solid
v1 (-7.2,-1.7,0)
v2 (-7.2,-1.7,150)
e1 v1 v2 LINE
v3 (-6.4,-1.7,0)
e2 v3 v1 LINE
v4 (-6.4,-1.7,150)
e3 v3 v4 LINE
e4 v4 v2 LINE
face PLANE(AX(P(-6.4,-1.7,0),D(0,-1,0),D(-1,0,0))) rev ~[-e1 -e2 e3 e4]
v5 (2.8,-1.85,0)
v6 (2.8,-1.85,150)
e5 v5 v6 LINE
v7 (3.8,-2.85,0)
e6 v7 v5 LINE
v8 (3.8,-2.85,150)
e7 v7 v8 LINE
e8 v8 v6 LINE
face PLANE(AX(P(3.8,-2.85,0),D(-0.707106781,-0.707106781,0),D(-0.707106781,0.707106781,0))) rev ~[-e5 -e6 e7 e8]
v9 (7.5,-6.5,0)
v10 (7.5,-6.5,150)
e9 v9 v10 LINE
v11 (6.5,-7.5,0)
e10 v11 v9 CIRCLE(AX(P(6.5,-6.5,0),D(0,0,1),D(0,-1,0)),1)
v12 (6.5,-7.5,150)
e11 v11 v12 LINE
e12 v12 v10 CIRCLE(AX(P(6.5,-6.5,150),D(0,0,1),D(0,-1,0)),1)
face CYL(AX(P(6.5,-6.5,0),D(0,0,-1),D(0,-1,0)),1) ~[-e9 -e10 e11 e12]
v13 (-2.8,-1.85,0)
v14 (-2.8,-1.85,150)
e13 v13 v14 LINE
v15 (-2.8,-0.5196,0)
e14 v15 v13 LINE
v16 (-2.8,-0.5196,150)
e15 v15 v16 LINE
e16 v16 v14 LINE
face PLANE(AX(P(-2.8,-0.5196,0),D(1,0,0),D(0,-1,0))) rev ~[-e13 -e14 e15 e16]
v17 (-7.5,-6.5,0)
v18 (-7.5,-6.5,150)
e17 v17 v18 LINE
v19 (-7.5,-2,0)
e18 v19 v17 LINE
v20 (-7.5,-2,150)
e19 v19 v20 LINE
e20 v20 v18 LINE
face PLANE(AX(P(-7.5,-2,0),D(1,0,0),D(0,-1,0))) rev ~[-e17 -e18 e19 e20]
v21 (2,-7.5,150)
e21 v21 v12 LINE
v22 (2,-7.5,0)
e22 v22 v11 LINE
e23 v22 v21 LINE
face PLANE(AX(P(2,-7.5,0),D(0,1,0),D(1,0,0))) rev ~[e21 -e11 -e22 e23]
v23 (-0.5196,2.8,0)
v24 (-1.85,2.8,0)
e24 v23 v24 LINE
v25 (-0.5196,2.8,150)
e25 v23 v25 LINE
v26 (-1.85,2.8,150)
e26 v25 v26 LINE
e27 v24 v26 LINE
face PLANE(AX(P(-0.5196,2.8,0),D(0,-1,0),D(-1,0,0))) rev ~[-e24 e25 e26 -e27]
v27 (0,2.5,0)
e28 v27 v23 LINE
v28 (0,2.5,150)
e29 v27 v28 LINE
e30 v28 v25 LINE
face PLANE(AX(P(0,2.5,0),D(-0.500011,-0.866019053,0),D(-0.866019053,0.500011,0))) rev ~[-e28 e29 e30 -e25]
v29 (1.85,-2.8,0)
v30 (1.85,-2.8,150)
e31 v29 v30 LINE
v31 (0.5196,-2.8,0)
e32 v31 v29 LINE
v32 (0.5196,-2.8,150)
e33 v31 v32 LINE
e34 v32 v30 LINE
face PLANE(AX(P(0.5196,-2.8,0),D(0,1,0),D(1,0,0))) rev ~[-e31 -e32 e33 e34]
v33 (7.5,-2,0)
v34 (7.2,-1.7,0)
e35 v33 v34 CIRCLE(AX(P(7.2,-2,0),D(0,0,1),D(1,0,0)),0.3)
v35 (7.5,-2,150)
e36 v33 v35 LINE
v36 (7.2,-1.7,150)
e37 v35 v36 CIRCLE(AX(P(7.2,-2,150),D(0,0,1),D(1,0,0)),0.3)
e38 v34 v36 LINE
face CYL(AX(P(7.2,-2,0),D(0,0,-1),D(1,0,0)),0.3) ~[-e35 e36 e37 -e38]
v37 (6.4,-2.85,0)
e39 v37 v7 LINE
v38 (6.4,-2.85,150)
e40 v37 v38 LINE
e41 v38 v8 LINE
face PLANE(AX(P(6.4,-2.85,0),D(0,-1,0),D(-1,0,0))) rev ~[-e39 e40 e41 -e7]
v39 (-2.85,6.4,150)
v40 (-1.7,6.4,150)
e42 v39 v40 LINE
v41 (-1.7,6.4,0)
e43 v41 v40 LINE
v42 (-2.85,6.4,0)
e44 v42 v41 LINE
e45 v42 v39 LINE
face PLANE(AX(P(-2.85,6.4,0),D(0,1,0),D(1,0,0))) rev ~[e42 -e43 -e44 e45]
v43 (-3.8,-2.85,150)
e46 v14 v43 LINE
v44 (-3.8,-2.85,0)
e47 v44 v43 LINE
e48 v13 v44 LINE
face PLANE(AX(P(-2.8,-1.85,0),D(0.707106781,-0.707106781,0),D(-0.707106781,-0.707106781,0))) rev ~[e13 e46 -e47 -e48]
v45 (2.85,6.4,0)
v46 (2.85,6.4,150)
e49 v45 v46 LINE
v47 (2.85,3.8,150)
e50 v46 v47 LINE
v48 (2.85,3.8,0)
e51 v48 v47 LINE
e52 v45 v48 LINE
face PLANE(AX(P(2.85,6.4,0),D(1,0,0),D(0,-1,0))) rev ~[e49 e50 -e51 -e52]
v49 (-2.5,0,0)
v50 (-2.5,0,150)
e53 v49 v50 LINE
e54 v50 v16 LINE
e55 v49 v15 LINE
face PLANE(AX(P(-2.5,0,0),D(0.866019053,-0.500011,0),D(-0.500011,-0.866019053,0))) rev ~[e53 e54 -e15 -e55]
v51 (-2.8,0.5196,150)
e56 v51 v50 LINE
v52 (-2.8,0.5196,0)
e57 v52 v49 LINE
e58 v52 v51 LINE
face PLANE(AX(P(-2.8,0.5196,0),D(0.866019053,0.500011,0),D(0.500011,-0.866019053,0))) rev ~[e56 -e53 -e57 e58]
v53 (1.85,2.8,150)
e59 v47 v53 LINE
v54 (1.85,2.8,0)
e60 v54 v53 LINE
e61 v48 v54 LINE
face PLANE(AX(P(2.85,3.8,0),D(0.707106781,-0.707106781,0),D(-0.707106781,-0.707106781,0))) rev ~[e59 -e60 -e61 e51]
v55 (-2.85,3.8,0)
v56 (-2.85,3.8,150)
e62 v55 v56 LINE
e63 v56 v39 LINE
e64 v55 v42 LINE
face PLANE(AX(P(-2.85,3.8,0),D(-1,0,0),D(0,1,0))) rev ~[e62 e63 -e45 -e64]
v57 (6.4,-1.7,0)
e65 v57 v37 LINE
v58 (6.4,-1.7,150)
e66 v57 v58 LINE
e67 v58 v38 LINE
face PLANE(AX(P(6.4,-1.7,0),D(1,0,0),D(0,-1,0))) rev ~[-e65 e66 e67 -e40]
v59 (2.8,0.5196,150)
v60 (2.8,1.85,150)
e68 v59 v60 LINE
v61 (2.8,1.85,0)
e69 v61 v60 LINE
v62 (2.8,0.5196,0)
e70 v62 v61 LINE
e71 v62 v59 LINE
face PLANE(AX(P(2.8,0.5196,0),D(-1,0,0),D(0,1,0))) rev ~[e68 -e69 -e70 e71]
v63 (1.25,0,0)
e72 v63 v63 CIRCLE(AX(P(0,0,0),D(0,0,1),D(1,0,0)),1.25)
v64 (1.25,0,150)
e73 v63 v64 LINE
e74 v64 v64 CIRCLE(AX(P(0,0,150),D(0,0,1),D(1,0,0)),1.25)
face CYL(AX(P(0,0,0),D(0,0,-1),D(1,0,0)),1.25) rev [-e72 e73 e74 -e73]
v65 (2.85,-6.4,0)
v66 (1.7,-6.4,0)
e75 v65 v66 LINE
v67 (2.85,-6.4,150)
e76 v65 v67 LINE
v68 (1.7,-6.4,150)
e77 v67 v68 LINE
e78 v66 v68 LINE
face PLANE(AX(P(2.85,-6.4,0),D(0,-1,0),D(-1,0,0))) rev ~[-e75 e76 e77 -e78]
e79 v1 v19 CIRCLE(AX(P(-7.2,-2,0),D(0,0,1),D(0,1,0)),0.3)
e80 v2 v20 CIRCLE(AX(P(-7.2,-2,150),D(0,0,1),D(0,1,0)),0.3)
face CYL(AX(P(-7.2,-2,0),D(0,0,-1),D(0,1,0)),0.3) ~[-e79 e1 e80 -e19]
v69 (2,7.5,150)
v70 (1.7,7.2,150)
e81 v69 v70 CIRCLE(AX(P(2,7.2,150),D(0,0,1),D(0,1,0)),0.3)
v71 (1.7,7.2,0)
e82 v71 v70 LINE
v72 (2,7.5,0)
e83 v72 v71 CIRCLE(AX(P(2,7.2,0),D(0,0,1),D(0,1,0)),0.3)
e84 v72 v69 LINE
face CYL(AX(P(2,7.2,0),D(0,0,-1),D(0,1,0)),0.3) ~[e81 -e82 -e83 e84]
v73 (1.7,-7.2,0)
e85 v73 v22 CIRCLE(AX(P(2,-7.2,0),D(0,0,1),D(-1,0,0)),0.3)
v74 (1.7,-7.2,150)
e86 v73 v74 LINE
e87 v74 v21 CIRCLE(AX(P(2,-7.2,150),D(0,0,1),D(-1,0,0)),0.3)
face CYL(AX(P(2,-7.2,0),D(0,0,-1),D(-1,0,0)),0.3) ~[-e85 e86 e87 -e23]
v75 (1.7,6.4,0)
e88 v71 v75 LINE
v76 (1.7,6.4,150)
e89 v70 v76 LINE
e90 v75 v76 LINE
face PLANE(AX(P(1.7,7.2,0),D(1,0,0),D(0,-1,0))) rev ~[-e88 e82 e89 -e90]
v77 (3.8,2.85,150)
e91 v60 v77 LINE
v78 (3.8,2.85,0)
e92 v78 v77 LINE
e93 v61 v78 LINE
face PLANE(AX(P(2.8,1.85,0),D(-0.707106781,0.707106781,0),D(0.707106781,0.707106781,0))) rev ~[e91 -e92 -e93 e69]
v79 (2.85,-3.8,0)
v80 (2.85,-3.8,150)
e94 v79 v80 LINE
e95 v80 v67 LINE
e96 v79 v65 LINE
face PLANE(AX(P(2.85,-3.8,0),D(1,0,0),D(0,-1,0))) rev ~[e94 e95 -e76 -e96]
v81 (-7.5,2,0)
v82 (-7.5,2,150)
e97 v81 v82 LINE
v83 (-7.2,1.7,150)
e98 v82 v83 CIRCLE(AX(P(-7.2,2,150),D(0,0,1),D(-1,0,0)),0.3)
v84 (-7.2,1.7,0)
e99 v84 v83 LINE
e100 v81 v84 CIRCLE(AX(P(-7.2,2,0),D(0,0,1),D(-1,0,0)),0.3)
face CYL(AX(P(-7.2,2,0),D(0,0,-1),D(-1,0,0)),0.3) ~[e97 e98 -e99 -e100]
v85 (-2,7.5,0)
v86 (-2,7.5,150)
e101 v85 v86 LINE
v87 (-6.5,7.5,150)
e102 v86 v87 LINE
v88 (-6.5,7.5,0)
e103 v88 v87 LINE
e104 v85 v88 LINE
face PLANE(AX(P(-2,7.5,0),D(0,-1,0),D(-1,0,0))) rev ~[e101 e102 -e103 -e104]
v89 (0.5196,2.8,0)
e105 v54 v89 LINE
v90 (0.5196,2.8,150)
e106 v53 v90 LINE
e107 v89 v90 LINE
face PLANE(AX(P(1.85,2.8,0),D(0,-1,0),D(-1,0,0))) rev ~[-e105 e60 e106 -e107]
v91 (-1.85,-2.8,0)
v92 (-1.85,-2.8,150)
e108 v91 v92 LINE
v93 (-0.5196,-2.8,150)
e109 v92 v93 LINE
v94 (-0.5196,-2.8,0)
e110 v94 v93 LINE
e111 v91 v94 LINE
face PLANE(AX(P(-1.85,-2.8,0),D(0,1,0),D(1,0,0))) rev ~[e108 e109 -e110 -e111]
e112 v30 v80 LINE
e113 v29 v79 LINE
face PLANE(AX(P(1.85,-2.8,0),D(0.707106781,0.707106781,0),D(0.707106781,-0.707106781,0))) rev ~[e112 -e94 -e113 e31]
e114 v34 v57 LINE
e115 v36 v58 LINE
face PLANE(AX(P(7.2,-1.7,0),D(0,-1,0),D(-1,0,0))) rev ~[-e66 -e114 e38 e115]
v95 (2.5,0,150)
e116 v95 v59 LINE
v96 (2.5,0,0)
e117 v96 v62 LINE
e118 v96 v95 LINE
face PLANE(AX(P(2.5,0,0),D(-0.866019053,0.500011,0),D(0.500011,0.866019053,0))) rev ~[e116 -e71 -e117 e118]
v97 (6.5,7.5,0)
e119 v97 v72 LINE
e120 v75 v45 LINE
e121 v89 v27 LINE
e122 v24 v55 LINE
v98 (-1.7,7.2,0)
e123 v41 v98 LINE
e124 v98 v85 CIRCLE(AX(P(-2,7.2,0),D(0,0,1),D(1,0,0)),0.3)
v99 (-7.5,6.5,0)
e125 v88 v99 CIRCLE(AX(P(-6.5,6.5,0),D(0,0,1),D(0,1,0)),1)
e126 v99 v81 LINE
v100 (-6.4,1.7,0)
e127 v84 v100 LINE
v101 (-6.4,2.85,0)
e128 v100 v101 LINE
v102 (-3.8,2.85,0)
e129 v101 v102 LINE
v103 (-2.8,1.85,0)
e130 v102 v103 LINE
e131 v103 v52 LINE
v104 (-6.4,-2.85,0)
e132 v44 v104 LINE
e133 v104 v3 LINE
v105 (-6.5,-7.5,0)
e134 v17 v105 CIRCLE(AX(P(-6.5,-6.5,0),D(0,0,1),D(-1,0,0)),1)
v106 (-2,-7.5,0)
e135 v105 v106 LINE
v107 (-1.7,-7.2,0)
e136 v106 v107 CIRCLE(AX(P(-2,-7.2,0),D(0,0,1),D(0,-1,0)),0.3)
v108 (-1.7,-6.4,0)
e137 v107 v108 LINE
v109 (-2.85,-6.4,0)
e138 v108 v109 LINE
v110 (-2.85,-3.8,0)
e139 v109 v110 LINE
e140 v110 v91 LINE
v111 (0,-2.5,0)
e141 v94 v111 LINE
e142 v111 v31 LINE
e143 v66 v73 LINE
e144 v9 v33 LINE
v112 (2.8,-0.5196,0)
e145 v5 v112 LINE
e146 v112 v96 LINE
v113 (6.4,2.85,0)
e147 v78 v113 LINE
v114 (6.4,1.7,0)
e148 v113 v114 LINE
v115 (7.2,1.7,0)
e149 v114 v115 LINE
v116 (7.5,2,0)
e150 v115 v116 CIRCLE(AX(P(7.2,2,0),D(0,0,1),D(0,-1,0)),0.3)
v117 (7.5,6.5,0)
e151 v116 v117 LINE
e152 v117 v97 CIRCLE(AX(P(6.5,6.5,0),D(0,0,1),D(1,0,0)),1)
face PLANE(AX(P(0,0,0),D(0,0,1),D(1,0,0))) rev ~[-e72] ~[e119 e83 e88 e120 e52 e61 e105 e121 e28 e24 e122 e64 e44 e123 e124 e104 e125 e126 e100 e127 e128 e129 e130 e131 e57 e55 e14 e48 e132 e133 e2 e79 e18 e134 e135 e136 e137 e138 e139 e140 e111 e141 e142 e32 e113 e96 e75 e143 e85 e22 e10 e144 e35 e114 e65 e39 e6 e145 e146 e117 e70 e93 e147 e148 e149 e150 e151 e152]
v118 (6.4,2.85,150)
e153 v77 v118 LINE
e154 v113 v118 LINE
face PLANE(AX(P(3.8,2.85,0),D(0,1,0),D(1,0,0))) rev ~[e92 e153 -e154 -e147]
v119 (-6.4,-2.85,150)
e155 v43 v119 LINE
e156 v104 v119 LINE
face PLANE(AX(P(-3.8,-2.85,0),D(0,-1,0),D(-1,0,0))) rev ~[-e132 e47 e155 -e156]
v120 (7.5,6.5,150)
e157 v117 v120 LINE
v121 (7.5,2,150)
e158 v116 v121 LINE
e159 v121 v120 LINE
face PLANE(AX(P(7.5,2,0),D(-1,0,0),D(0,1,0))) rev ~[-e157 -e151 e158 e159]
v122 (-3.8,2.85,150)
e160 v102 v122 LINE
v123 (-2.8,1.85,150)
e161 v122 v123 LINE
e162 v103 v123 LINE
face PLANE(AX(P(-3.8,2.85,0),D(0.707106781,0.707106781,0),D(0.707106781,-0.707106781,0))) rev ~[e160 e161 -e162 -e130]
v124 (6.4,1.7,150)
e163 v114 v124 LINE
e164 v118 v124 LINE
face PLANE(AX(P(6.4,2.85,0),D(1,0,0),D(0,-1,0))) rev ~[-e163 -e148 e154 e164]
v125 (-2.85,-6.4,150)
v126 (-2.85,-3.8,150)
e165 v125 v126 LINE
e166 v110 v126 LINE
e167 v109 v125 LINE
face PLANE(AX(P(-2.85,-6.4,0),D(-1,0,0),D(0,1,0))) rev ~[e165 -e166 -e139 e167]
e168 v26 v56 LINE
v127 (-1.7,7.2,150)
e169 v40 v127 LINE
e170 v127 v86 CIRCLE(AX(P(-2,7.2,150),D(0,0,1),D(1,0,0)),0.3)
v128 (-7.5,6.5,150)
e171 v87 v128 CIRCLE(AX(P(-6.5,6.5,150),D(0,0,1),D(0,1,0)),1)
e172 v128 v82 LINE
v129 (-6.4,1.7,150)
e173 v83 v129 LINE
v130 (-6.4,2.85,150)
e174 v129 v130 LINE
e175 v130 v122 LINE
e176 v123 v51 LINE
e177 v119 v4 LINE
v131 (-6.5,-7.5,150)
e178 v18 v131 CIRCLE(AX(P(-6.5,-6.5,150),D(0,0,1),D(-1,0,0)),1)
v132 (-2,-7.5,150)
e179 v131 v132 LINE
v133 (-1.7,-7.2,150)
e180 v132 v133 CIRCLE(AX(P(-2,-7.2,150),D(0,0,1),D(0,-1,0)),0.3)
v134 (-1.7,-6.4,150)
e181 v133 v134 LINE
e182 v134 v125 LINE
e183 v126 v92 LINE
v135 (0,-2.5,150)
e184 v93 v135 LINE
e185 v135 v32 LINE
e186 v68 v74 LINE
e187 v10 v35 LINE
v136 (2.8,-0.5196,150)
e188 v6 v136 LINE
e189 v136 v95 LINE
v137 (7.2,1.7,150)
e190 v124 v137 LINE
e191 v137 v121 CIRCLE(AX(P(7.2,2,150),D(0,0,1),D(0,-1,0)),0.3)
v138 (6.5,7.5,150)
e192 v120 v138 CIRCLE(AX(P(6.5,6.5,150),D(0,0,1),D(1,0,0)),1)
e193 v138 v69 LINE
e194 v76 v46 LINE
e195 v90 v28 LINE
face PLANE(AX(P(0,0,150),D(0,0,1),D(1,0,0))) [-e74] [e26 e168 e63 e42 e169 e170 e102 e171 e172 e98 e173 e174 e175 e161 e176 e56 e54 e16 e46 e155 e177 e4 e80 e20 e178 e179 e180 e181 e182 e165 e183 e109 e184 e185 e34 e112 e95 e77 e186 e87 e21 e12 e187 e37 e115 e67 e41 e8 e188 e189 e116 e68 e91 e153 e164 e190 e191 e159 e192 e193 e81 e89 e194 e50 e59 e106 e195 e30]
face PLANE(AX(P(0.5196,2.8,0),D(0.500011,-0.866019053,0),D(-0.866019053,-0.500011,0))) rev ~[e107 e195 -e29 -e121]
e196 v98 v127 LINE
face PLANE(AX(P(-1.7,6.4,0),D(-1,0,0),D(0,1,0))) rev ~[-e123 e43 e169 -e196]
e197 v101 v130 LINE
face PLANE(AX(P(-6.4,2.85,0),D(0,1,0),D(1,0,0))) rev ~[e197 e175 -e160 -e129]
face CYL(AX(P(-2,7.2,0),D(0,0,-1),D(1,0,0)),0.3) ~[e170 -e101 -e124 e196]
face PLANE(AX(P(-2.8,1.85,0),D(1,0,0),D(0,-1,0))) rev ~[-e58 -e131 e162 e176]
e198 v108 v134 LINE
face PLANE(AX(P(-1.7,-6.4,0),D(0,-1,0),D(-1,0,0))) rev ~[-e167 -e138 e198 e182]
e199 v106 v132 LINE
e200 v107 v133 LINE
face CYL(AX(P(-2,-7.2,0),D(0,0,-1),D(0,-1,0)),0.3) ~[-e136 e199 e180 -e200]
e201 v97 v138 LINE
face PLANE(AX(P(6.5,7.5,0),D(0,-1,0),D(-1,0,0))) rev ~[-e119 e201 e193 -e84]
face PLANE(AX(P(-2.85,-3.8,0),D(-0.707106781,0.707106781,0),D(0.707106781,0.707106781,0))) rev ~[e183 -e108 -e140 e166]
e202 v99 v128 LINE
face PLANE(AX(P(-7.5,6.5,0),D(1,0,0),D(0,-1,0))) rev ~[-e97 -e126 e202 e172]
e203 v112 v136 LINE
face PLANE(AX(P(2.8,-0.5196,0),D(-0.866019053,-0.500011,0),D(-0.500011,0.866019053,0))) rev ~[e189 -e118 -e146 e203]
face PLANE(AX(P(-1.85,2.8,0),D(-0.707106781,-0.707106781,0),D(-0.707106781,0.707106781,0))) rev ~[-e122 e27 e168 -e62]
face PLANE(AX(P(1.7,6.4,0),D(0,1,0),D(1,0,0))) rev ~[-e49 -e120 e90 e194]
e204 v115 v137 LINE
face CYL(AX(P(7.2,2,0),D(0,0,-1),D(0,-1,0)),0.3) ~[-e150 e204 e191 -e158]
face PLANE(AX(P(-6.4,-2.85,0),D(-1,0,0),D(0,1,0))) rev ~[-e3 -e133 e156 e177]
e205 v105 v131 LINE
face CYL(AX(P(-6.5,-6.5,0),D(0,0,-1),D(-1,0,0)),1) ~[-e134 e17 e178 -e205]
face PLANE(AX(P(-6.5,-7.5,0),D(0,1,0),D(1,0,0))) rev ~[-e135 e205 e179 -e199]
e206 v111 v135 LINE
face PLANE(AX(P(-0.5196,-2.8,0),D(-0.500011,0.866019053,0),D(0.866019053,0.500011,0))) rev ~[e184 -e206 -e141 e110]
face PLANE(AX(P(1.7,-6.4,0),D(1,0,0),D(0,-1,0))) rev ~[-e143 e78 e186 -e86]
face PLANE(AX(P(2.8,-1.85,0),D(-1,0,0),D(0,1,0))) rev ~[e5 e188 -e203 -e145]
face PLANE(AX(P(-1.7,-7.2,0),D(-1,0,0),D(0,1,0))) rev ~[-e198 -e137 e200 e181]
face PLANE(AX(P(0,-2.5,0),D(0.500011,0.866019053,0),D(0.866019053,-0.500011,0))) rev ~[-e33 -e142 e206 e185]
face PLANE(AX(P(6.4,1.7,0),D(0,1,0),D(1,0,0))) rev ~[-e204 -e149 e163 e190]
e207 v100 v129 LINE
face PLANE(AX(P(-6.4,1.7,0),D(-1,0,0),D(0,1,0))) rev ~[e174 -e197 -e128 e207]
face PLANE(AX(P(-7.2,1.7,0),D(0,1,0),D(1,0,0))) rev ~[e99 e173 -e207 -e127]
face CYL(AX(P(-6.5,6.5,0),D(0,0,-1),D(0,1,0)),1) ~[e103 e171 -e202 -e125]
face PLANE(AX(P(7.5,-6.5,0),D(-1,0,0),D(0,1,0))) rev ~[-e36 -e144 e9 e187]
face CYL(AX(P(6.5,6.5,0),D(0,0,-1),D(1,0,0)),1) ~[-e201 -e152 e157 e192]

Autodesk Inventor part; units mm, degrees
ref_plane "YZ Plane" through (0, 0, 0) normal (1, 0, 0) x (0, 1, 0)
ref_plane "XZ Plane" through (0, 0, 0) normal (0, 1, 0) x (-1, 0, 0)
ref_plane "XY Plane" through (0, 0, 0) normal (0, 0, 1) x (1, 0, 0)
sketch "Sketch_1" plane through (0, 0, 0) normal (0, 0, 1) x (1, 0, 0)
  arc A0 (-7.5, 2) -> (-7.2, 1.7) centre (-7.2, 2) ccw
  line L0 (-7.2, 1.7) -> (-6.4, 1.7)
  line L1 (-6.4, 1.7) -> (-6.4, 2.85)
  line L2 (-6.4, 2.85) -> (-3.8, 2.85)
  line L3 (-3.8, 2.85) -> (-2.8, 1.85)
  line L4 (-2.8, 1.85) -> (-2.8, 0.5196)
  line L5 (-2.8, 0.5196) -> (-2.5, 0)
  line L6 (-2.5, 0) -> (-2.8, -0.5196)
  line L7 (-2.8, -0.5196) -> (-2.8, -1.85)
  line L8 (-2.8, -1.85) -> (-3.8, -2.85)
  line L9 (-3.8, -2.85) -> (-6.4, -2.85)
  line L10 (-6.4, -2.85) -> (-6.4, -1.7)
  line L11 (-6.4, -1.7) -> (-7.2, -1.7)
  arc A1 (-7.2, -1.7) -> (-7.5, -2) centre (-7.2, -2) ccw
  line L12 (-7.5, -2) -> (-7.5, -6.5)
  arc A2 (-7.5, -6.5) -> (-6.5, -7.5) centre (-6.5, -6.5) ccw
  line L13 (-6.5, -7.5) -> (-2, -7.5)
  arc A3 (-2, -7.5) -> (-1.7, -7.2) centre (-2, -7.2) ccw
  line L14 (-1.7, -7.2) -> (-1.7, -6.4)
  line L15 (-1.7, -6.4) -> (-2.85, -6.4)
  line L16 (-2.85, -6.4) -> (-2.85, -3.8)
  line L17 (-2.85, -3.8) -> (-1.85, -2.8)
  line L18 (-1.85, -2.8) -> (-0.5196, -2.8)
  line L19 (-0.5196, -2.8) -> (0, -2.5)
  line L20 (0, -2.5) -> (0.5196, -2.8)
  line L21 (0.5196, -2.8) -> (1.85, -2.8)
  line L22 (1.85, -2.8) -> (2.85, -3.8)
  line L23 (2.85, -3.8) -> (2.85, -6.4)
  line L24 (2.85, -6.4) -> (1.7, -6.4)
  line L25 (1.7, -6.4) -> (1.7, -7.2)
  arc A4 (1.7, -7.2) -> (2, -7.5) centre (2, -7.2) ccw
  line L26 (2, -7.5) -> (6.5, -7.5)
  arc A5 (6.5, -7.5) -> (7.5, -6.5) centre (6.5, -6.5) ccw
  line L27 (7.5, -6.5) -> (7.5, -2)
  arc A6 (7.5, -2) -> (7.2, -1.7) centre (7.2, -2) ccw
  line L28 (7.2, -1.7) -> (6.4, -1.7)
  line L29 (6.4, -1.7) -> (6.4, -2.85)
  line L30 (6.4, -2.85) -> (3.8, -2.85)
  line L31 (3.8, -2.85) -> (2.8, -1.85)
  line L32 (2.8, -1.85) -> (2.8, -0.5196)
  line L33 (2.8, -0.5196) -> (2.5, 0)
  line L34 (2.5, 0) -> (2.8, 0.5196)
  line L35 (2.8, 0.5196) -> (2.8, 1.85)
  line L36 (2.8, 1.85) -> (3.8, 2.85)
  line L37 (3.8, 2.85) -> (6.4, 2.85)
  line L38 (6.4, 2.85) -> (6.4, 1.7)
  line L39 (6.4, 1.7) -> (7.2, 1.7)
  arc A7 (7.2, 1.7) -> (7.5, 2) centre (7.2, 2) ccw
  line L40 (7.5, 2) -> (7.5, 6.5)
  arc A8 (7.5, 6.5) -> (6.5, 7.5) centre (6.5, 6.5) ccw
  line L41 (6.5, 7.5) -> (2, 7.5)
  arc A9 (2, 7.5) -> (1.7, 7.2) centre (2, 7.2) ccw
  line L42 (1.7, 7.2) -> (1.7, 6.4)
  line L43 (1.7, 6.4) -> (2.85, 6.4)
  line L44 (2.85, 6.4) -> (2.85, 3.8)
  line L45 (2.85, 3.8) -> (1.85, 2.8)
  line L46 (1.85, 2.8) -> (0.5196, 2.8)
  line L47 (0.5196, 2.8) -> (0, 2.5)
  line L48 (0, 2.5) -> (-0.5196, 2.8)
  line L49 (-0.5196, 2.8) -> (-1.85, 2.8)
  line L50 (-1.85, 2.8) -> (-2.85, 3.8)
  line L51 (-2.85, 3.8) -> (-2.85, 6.4)
  line L52 (-2.85, 6.4) -> (-1.7, 6.4)
  line L53 (-1.7, 6.4) -> (-1.7, 7.2)
  arc A10 (-1.7, 7.2) -> (-2, 7.5) centre (-2, 7.2) ccw
  line L54 (-2, 7.5) -> (-6.5, 7.5)
  arc A11 (-6.5, 7.5) -> (-7.5, 6.5) centre (-6.5, 6.5) ccw
  line L55 (-7.5, 6.5) -> (-7.5, 2)
  circle A12 centre (0, 0) radius 1.25
extrude "Extrusion1" add sketch "Sketch_1" along normal blind 150
equation "\"d0\" = L"
equation "\"L\" = 150"
properties part number "HFS3-1515-150"
